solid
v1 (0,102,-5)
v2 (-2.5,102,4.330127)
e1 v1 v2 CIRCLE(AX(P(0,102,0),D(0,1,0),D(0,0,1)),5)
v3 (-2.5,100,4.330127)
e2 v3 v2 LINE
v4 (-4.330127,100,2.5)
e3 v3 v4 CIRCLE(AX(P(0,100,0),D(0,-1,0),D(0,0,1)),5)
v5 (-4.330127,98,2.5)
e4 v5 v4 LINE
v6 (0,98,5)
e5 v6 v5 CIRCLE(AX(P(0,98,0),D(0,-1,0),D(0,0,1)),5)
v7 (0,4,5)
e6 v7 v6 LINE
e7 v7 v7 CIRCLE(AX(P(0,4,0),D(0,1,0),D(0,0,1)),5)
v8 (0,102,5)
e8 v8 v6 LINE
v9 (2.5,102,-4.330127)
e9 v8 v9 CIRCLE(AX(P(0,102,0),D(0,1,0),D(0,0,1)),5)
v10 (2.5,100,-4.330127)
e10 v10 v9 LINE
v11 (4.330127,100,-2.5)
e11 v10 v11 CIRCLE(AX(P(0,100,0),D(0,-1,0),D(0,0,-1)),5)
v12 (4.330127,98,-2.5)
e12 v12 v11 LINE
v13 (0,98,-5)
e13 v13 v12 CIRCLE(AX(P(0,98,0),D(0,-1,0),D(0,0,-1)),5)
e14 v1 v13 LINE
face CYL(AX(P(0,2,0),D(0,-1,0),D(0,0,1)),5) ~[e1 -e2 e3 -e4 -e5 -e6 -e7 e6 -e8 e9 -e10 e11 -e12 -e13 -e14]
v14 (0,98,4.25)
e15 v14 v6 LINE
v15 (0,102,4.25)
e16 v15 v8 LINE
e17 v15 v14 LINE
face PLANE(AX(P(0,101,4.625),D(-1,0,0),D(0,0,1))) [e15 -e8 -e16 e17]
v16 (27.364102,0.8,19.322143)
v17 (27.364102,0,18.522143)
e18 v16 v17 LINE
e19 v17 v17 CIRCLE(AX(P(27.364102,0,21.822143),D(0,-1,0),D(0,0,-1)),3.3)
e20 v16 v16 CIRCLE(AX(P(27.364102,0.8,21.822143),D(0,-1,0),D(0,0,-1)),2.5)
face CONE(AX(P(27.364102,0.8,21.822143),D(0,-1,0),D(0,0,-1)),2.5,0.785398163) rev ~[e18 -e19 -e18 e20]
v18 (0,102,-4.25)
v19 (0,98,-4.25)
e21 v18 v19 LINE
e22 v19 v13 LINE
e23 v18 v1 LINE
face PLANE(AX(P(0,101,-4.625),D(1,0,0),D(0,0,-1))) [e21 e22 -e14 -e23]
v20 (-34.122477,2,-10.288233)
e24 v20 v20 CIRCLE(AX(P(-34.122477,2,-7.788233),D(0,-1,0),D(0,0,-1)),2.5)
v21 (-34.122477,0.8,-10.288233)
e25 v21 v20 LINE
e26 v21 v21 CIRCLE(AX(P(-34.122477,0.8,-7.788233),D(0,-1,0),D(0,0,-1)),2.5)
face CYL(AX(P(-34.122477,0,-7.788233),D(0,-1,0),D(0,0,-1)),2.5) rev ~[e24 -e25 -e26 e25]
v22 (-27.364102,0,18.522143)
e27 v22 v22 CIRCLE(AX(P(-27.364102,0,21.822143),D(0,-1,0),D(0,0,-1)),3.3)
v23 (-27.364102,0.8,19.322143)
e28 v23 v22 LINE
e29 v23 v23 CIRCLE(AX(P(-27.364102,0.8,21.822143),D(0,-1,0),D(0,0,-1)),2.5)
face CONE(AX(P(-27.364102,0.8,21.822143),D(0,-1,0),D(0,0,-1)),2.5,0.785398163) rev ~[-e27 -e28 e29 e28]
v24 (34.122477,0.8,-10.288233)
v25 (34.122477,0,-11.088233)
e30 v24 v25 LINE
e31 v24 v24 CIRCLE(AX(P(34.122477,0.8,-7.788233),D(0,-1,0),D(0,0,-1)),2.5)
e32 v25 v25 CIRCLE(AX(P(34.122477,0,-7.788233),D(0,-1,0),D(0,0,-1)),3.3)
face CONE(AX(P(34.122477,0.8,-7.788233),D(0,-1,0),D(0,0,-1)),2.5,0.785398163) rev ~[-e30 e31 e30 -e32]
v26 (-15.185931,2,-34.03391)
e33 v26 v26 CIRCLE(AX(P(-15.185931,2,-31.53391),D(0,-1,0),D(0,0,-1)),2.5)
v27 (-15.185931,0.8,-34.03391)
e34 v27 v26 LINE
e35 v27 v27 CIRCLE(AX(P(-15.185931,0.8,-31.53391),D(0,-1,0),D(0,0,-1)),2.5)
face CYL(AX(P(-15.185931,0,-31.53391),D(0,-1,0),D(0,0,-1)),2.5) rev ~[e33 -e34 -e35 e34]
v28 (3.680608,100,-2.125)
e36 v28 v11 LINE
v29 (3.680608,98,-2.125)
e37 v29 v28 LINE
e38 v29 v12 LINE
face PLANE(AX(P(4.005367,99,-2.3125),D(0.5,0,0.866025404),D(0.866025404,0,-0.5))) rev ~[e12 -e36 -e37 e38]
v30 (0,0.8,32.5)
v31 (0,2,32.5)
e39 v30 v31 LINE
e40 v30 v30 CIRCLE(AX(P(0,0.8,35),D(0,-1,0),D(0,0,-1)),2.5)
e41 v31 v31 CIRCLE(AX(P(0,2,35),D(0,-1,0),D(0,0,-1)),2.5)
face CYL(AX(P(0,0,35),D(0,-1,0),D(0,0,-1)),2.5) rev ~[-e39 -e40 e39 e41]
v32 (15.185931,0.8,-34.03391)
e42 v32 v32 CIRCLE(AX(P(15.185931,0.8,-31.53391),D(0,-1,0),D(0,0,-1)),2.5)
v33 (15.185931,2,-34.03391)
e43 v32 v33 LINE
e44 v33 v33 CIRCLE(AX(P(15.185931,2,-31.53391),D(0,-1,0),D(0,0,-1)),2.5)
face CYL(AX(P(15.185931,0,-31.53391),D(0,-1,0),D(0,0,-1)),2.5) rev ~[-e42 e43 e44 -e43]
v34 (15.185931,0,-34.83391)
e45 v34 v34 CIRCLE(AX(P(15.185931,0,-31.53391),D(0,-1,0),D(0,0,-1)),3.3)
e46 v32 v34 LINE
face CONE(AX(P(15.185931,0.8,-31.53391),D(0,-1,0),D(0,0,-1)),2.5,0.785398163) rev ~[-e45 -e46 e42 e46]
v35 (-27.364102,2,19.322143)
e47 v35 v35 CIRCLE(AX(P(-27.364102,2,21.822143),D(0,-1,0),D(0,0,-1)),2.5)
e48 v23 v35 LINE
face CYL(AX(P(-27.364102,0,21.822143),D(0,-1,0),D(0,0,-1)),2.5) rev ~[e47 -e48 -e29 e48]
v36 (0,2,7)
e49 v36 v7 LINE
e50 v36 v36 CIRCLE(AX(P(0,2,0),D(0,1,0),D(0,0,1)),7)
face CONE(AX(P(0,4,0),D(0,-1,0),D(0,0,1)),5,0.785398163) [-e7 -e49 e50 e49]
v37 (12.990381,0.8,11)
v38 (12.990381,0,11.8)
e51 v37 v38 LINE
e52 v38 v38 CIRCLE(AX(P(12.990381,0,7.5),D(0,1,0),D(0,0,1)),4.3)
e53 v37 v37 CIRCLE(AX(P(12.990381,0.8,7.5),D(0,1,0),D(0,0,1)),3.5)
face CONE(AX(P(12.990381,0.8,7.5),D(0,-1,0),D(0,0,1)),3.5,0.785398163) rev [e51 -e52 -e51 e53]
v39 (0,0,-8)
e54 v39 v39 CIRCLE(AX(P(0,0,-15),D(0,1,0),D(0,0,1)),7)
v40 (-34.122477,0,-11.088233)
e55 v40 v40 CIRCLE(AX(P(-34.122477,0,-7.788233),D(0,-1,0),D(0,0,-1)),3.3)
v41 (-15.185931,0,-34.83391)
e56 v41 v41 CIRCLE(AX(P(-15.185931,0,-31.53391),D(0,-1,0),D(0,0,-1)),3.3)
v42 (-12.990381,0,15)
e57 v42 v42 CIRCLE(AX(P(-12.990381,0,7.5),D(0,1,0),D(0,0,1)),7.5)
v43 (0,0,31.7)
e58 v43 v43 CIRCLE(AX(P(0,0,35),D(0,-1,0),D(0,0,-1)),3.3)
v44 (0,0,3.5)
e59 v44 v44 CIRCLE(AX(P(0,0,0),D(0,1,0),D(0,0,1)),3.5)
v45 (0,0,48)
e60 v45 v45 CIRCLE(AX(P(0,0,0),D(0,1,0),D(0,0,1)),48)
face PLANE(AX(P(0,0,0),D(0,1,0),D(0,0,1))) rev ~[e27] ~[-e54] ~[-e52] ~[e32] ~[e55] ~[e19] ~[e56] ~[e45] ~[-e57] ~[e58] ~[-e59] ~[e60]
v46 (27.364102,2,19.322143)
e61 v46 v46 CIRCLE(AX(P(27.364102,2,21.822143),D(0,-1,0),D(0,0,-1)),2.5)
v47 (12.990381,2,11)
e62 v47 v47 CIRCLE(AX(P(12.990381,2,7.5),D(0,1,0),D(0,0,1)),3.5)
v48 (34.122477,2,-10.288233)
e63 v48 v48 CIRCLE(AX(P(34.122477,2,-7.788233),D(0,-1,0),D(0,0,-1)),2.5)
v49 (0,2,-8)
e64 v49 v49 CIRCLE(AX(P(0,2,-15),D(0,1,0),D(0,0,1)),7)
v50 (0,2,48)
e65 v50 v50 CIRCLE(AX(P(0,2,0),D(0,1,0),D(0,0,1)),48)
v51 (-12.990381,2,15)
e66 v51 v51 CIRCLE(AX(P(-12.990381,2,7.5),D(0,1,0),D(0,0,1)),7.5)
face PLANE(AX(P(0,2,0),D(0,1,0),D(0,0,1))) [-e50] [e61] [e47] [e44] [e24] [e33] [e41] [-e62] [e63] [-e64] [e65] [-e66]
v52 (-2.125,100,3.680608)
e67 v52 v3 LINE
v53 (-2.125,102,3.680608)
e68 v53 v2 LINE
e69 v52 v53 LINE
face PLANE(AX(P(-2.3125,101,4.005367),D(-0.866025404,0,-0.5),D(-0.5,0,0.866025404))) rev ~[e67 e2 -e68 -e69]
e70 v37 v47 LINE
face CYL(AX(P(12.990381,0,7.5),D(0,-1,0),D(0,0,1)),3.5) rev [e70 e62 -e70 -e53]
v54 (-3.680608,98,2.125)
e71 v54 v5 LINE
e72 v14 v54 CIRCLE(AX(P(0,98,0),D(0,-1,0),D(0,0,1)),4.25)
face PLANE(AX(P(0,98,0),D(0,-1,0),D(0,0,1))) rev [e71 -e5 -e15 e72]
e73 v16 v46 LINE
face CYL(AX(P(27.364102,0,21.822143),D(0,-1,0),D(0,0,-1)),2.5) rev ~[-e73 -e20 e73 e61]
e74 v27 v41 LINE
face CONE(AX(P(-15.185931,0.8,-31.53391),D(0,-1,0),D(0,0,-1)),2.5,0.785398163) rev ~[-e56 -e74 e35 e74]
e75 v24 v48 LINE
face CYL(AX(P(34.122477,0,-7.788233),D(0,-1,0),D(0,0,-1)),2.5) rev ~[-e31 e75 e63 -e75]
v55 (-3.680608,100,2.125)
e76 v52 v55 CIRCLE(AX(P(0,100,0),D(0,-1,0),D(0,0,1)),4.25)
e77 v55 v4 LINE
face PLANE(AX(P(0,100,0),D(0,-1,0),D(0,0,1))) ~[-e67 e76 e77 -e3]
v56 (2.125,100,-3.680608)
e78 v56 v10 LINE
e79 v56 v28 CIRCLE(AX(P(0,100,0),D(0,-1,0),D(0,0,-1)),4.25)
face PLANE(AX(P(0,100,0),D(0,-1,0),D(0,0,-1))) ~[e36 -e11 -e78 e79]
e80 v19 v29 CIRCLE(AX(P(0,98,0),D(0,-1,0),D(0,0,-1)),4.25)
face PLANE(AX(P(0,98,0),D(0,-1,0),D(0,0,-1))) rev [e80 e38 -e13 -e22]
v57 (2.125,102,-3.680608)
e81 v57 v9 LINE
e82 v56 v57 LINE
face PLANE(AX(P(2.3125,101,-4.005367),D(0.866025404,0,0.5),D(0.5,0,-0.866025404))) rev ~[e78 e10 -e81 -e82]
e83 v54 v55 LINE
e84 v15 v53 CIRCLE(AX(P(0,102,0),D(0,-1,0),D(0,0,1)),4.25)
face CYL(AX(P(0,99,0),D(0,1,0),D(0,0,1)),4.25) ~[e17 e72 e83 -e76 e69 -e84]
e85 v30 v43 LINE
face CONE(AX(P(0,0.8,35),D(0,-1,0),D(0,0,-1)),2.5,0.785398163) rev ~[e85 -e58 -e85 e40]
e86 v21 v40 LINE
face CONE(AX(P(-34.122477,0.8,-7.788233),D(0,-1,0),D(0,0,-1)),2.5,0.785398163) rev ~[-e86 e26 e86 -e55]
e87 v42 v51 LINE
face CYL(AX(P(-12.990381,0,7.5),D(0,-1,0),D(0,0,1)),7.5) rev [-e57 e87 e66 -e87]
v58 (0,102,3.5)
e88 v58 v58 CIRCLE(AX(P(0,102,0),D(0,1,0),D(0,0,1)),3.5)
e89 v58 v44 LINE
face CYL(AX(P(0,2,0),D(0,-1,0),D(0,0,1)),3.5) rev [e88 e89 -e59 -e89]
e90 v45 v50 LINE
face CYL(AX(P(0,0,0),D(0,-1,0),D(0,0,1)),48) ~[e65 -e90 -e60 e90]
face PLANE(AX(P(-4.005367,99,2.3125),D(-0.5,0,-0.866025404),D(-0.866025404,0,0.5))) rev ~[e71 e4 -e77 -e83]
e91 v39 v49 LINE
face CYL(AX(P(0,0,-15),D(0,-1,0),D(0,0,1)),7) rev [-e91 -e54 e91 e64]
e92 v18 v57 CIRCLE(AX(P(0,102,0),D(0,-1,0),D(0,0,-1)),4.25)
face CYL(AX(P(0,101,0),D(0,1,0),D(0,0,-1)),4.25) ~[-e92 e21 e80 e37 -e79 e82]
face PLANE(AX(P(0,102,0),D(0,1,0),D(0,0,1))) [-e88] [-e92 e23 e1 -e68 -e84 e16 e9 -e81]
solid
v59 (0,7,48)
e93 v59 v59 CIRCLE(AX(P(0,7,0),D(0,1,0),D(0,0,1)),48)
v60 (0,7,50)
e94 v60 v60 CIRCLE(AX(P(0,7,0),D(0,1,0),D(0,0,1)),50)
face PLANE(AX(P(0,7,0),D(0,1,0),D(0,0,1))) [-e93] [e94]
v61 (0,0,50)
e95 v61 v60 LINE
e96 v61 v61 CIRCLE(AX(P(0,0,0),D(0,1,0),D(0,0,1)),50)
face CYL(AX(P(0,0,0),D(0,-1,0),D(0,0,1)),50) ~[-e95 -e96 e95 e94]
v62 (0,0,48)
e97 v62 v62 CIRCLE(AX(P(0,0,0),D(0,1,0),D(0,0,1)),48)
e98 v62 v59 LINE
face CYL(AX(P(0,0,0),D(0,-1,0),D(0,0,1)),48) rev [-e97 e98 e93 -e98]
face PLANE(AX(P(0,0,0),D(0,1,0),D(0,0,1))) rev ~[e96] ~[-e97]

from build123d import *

# Parameters (mm, degrees)
SKETCH1_R                = 48
SKETCH1_R_2              = 7
SKETCH1_R_3              = 7.5
SKETCH1_R_4              = 3.5
BOSS_EXTRUDE1_DEPTH      = 2
SKETCH3_R                = 5
SKETCH3_R_2              = 3.5
BOSS_EXTRUDE2_DEPTH      = 100
CUT_EXTRUDE2_REACH       = 124.523
SKETCH6_R                = 2.5
CHAMFER2_SIZE            = 0.8
SKETCH7_W                = 0.75
SKETCH7_H                = 2
CUT_REVOLVE1_ANGLE       = 30
SKETCH7_4_W              = 0.75
SKETCH7_4_H              = 2
CUT_REVOLVE2_ANGLE       = 60
CIRPATTERN5_COUNT        = 2
BOSS_EXTRUDE3_DEPTH      = 5
BOSS_EXTRUDE3_DEPTH_BACK = 2
SKETCH8_R                = 50
SKETCH8_R_2              = 48
CHAMFER3_SIZE            = 2


with BuildPart() as part:
    # Sketch1 → Boss-Extrude1 (new body)
    with BuildSketch(Plane(origin=(0, 0, 0), x_dir=(1, 0, 0), z_dir=(0, 1, 0))):
        Circle(SKETCH1_R)
        with Locations((0, 15)):
            Circle(SKETCH1_R_2, mode=Mode.SUBTRACT)
        with Locations((-12.990381057, -7.5)):
            Circle(SKETCH1_R_3, mode=Mode.SUBTRACT)
        with Locations((12.990381057, -7.5)):
            Circle(SKETCH1_R_4, mode=Mode.SUBTRACT)
        Circle(SKETCH1_R_4, mode=Mode.SUBTRACT)
    extrude(amount=BOSS_EXTRUDE1_DEPTH)

    # Sketch3 → Boss-Extrude2 (add)
    with BuildSketch(Plane(origin=(0, 2, 0), x_dir=(1, 0, 0), z_dir=(0, 1, 0))):
        Circle(SKETCH3_R)
        Circle(SKETCH3_R_2, mode=Mode.SUBTRACT)
    extrude(amount=BOSS_EXTRUDE2_DEPTH)

    # Sketch6 → Cut-Extrude2 (cut, up to next)
    with BuildSketch(Plane.XZ, mode=Mode.PRIVATE) as cut_extrude2_sk1:
        with Locations((27.364101886, 21.822143065)):
            Circle(SKETCH6_R)
    cut_extrude2_tool1 = extrude(cut_extrude2_sk1.sketch, amount=-CUT_EXTRUDE2_REACH, mode=Mode.PRIVATE) & part.part
    # Sketch6 → Cut-Extrude2 (cut, up to next)
    with BuildSketch(Plane.XZ, mode=Mode.PRIVATE) as cut_extrude2_sk2:
        with Locations((34.122476926, -7.788232688)):
            Circle(SKETCH6_R)
    cut_extrude2_tool2 = extrude(cut_extrude2_sk2.sketch, amount=-CUT_EXTRUDE2_REACH, mode=Mode.PRIVATE) & part.part
    # Sketch6 → Cut-Extrude2 (cut, up to next)
    with BuildSketch(Plane.XZ, mode=Mode.PRIVATE) as cut_extrude2_sk3:
        with Locations((0, 35)):
            Circle(SKETCH6_R)
    cut_extrude2_tool3 = extrude(cut_extrude2_sk3.sketch, amount=-CUT_EXTRUDE2_REACH, mode=Mode.PRIVATE) & part.part
    # Sketch6 → Cut-Extrude2 (cut, up to next)
    with BuildSketch(Plane.XZ, mode=Mode.PRIVATE) as cut_extrude2_sk4:
        with Locations((15.185930869, -31.533910377)):
            Circle(SKETCH6_R)
    cut_extrude2_tool4 = extrude(cut_extrude2_sk4.sketch, amount=-CUT_EXTRUDE2_REACH, mode=Mode.PRIVATE) & part.part
    # Sketch6 → Cut-Extrude2 (cut, up to next)
    with BuildSketch(Plane.XZ, mode=Mode.PRIVATE) as cut_extrude2_sk5:
        with Locations((-27.364101886, 21.822143065)):
            Circle(SKETCH6_R)
    cut_extrude2_tool5 = extrude(cut_extrude2_sk5.sketch, amount=-CUT_EXTRUDE2_REACH, mode=Mode.PRIVATE) & part.part
    # Sketch6 → Cut-Extrude2 (cut, up to next)
    with BuildSketch(Plane.XZ, mode=Mode.PRIVATE) as cut_extrude2_sk6:
        with Locations((-15.185930869, -31.533910377)):
            Circle(SKETCH6_R)
    cut_extrude2_tool6 = extrude(cut_extrude2_sk6.sketch, amount=-CUT_EXTRUDE2_REACH, mode=Mode.PRIVATE) & part.part
    # Sketch6 → Cut-Extrude2 (cut, up to next)
    with BuildSketch(Plane.XZ, mode=Mode.PRIVATE) as cut_extrude2_sk7:
        with Locations((-34.122476926, -7.788232688)):
            Circle(SKETCH6_R)
    cut_extrude2_tool7 = extrude(cut_extrude2_sk7.sketch, amount=-CUT_EXTRUDE2_REACH, mode=Mode.PRIVATE) & part.part
    add(cut_extrude2_tool1.solids().sort_by_distance((27.364102, 0, 21.822143))[0], mode=Mode.SUBTRACT)
    add(cut_extrude2_tool2.solids().sort_by_distance((34.122477, 0, -7.788233))[0], mode=Mode.SUBTRACT)
    add(cut_extrude2_tool3.solids().sort_by_distance((0, 0, 35))[0], mode=Mode.SUBTRACT)
    add(cut_extrude2_tool4.solids().sort_by_distance((15.185931, 0, -31.53391))[0], mode=Mode.SUBTRACT)
    add(cut_extrude2_tool5.solids().sort_by_distance((-27.364102, 0, 21.822143))[0], mode=Mode.SUBTRACT)
    add(cut_extrude2_tool6.solids().sort_by_distance((-15.185931, 0, -31.53391))[0], mode=Mode.SUBTRACT)
    add(cut_extrude2_tool7.solids().sort_by_distance((-34.122477, 0, -7.788233))[0], mode=Mode.SUBTRACT)

    # Chamfer2
    chamfer2_edges = [part.edges().sort_by_distance(p)[0] for p in [
        (-2.5, 0, 35),
        (-29.864101886, 0, 21.822143065),
        (-36.622476926, 0, -7.788232688),
        (-17.685930869, 0, -31.533910377),
        (24.864101886, 0, 21.822143065),
        (9.490381057, 0, 7.5),
        (31.622476926, 0, -7.788232688),
        (12.685930869, 0, -31.533910377),
    ]]
    chamfer(chamfer2_edges, length=CHAMFER2_SIZE)

    # Sketch7 → Cut-Revolve1 (revolve, cut)
    with BuildSketch(Plane(origin=(0, 0, 0), x_dir=(0, 0, -1), z_dir=(1, 0, 0))):
        with Locations((4.625, 101)):
            Rectangle(SKETCH7_W, SKETCH7_H)
    cut_revolve1 = revolve(axis=Axis((0, 102, 0), (0, -1, 0)), revolution_arc=CUT_REVOLVE1_ANGLE, mode=Mode.SUBTRACT)

    # Sketch7<4> → Cut-Revolve2 (revolve, cut)
    with BuildSketch(Plane(origin=(0, 0, 0), x_dir=(0, 0, -1), z_dir=(1, 0, 0))):
        with Locations((4.625, 99)):
            Rectangle(SKETCH7_4_W, SKETCH7_4_H)
    cut_revolve2 = revolve(axis=Axis((0, 102, 0), (0, -1, 0)), revolution_arc=CUT_REVOLVE2_ANGLE, mode=Mode.SUBTRACT)

    # CirPattern5: Cut-Revolve1, Cut-Revolve2 ×2 about axis
    cirpattern5_axis = Axis((0, 102, 0), (0, -1, 0))
    add([cut_revolve1.rotate(cirpattern5_axis, i * 360 / CIRPATTERN5_COUNT) for i in range(1, CIRPATTERN5_COUNT)], mode=Mode.SUBTRACT)
    add([cut_revolve2.rotate(cirpattern5_axis, i * 360 / CIRPATTERN5_COUNT) for i in range(1, CIRPATTERN5_COUNT)], mode=Mode.SUBTRACT)

    # Chamfer3
    chamfer3_edges = [part.edges().sort_by_distance(p)[0] for p in [
        (-5, 2, 0),
    ]]
    chamfer(chamfer3_edges, length=CHAMFER3_SIZE)


with BuildPart() as body_2:
    # Sketch8 → Boss-Extrude3 (new, two sides: drawn at the far end of the back side and taken through both)
    with BuildSketch(Plane(origin=(0, 2, 0), x_dir=(1, 0, 0), z_dir=(0, 1, 0)).offset(-BOSS_EXTRUDE3_DEPTH_BACK)):
        Circle(SKETCH8_R)
        Circle(SKETCH8_R_2, mode=Mode.SUBTRACT)
    extrude(amount=BOSS_EXTRUDE3_DEPTH + BOSS_EXTRUDE3_DEPTH_BACK)


solid = Compound([part.part, body_2.part])
